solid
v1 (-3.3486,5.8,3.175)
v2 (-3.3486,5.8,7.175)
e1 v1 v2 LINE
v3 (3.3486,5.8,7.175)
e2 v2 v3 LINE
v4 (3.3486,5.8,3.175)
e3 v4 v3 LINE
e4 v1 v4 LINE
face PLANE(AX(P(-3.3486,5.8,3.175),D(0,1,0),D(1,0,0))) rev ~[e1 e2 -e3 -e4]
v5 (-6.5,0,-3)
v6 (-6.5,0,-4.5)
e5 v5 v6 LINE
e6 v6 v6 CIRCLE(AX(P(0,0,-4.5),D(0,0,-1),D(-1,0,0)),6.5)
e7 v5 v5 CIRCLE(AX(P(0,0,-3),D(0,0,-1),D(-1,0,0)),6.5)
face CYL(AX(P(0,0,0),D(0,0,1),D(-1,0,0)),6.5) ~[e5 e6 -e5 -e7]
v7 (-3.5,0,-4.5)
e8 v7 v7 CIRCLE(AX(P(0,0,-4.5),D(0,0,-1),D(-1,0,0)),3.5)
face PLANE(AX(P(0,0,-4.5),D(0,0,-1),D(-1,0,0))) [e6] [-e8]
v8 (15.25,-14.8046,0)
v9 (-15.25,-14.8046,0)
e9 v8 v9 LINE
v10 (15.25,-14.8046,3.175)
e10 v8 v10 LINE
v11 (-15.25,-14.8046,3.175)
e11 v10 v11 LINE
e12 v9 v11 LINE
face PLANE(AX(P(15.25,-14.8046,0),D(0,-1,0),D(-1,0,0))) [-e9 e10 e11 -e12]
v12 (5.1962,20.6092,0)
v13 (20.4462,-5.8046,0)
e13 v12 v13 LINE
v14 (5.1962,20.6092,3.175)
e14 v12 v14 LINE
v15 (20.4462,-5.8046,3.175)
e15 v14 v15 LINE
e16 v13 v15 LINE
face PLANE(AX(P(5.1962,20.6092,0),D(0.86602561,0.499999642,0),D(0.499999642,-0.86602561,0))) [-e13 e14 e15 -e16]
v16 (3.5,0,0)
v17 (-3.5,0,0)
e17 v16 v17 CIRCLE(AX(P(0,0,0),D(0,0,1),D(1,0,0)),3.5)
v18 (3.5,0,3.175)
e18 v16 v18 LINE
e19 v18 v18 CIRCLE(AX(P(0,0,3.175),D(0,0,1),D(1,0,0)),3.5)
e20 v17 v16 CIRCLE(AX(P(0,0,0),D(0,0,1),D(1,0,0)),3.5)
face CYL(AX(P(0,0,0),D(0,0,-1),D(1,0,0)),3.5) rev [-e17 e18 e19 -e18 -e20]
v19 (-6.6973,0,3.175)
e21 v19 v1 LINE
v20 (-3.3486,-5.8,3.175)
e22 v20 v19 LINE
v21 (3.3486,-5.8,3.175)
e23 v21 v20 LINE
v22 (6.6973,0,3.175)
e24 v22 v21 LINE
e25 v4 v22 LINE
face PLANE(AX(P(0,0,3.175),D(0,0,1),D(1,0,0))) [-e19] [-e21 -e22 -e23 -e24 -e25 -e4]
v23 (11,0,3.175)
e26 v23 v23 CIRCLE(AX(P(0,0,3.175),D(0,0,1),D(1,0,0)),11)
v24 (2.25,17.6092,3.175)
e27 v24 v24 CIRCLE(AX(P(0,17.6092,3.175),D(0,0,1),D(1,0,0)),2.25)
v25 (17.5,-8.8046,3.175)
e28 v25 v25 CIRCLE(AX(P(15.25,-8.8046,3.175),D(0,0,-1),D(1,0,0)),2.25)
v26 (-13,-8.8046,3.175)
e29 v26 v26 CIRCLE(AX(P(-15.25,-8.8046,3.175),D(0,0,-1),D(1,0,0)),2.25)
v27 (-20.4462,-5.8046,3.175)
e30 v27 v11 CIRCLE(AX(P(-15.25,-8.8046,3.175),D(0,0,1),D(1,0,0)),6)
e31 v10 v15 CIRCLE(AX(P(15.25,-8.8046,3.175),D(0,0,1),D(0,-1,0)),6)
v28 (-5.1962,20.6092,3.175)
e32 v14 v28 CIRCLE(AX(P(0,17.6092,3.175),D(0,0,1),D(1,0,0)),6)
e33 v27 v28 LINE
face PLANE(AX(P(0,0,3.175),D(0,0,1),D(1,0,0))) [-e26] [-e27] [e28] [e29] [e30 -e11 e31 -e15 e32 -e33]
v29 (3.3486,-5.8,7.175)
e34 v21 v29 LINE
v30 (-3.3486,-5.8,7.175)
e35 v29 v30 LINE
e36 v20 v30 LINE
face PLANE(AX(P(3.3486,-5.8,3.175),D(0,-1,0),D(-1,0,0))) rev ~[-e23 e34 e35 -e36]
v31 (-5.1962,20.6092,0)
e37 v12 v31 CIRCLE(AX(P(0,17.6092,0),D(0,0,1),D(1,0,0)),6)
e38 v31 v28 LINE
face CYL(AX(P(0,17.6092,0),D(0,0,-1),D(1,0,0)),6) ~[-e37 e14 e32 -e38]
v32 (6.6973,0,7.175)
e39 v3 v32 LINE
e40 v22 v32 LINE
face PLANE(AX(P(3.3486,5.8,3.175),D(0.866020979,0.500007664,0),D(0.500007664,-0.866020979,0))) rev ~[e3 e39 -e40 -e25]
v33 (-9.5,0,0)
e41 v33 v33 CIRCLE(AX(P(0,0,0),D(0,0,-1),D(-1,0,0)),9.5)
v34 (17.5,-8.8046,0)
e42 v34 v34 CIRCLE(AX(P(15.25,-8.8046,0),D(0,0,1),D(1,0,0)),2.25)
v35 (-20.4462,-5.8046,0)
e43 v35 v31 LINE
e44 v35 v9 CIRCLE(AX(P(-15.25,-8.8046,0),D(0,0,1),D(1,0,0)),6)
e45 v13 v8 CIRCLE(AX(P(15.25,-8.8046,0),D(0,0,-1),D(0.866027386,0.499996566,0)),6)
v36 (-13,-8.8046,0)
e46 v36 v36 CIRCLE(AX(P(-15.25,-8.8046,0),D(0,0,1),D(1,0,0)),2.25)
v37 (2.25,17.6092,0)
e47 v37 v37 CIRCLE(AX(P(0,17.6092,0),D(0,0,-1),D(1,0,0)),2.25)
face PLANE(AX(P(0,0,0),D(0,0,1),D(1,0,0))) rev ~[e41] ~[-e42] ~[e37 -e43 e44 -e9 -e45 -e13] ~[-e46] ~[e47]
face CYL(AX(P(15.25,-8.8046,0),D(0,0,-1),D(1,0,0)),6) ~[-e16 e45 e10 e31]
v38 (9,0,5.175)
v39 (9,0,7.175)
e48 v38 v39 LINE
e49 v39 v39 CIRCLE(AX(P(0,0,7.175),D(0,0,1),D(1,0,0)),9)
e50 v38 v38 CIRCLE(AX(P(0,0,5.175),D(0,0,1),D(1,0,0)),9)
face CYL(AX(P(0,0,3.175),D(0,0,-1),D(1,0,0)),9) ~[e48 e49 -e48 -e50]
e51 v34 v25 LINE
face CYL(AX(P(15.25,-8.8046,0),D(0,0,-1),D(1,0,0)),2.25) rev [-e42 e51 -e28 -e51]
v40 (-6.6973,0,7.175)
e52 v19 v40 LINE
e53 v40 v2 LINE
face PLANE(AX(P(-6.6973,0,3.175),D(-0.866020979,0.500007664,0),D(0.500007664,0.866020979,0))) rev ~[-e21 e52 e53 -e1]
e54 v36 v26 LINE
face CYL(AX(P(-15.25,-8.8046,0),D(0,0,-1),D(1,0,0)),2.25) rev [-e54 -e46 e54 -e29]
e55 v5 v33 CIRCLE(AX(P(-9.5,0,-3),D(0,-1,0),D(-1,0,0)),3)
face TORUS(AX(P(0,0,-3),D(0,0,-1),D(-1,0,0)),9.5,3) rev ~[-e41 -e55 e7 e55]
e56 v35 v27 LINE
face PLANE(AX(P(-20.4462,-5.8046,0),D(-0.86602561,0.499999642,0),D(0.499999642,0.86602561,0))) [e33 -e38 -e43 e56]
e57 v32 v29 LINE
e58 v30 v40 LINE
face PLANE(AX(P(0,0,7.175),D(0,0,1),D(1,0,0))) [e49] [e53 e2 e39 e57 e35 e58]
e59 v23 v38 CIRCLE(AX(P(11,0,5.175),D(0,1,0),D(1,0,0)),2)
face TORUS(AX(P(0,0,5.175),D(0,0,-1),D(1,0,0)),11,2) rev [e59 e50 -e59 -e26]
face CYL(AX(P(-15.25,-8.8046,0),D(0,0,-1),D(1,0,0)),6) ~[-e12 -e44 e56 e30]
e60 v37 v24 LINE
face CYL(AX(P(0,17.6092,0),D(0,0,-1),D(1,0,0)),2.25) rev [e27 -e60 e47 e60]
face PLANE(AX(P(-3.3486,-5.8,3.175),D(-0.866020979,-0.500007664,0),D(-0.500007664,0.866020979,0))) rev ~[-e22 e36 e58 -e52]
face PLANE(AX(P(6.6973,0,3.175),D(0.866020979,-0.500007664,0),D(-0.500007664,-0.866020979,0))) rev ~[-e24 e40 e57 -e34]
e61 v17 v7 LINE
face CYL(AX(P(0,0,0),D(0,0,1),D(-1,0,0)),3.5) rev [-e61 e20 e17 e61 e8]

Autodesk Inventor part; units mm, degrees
ref_plane "YZ Plane" through (0, 0, 0) normal (1, 0, 0) x (0, 1, 0)
ref_plane "XZ Plane" through (0, 0, 0) normal (0, 1, 0) x (-1, 0, 0)
ref_plane "XY Plane" through (0, 0, 0) normal (0, 0, 1) x (1, 0, 0)
sketch "Sketch1" plane through (0, 0, 0) normal (0, 0, 1) x (1, 0, 0)
  line L0 (0, 17.6092) -> (15.25, -8.8046)
  line L1 (15.25, -8.8046) -> (-15.25, -8.8046)
  line L2 (-15.25, -8.8046) -> (0, 17.6092)
  circle A0 centre (-15.25, -8.8046) radius 2.25
  circle A1 centre (15.25, -8.8046) radius 2.25
  circle A2 centre (0, 17.6092) radius 2.25
  circle A3 centre (0, 0) radius 3.5
  circle A4 centre (-15.25, -8.8046) radius 6
  circle A5 centre (15.25, -8.8046) radius 6
  circle A6 centre (0, 17.6092) radius 6
  line L3 (5.1962, 20.6092) -> (20.4462, -5.8046)
  line L4 (15.25, -14.8046) -> (-15.25, -14.8046)
  line L5 (-20.4462, -5.8046) -> (-5.1962, 20.6092)
  dimension "d7" = 30.5
  dimension "d8" = 4.5
  dimension "d11" = 360
  dimension "d13" = 7
  dimension "d14" = 12
  dimension "d17" = 360
  dimension "d19" = 6
extrude "Extrusion1" add sketch "Sketch1" along normal blind 3.175 contours A2 L2 A6 L0 | L0 A6 L2 A2 | A6 L3 A5 L0 | L0 A5 L1 A4 L2 A6 | L2 A4 L5 A6 | A5 L1 A1 L0 | L0 A1 L1 A5 | A4 L1 A0 L2 | L2 A0 L1 A4 | A5 L4 A4 L1
sketch "Sketch2" plane through (0, 0, 0) normal (0, 0, -1) x (-1, 0, 0)
  circle A0 centre (0, 0) radius 3.5 projected
  circle A1 centre (0, 0) radius 6.5
  circle A2 centre (0, 0) radius 3.5
  dimension "d22" = 13
extrude "Extrusion2" add sketch "Sketch2" along normal blind 4.5
fillet "Fillet1" radius 3 1 edges at (6.5, 0, 0)
sketch "Sketch3" plane through (0, 0, 3.175) normal (0, 0, 1) x (1, 0, 0)
  circle A0 centre (0, 0) radius 3.5 projected
  line L0 (6.6973, 0) -> (3.3486, -5.8)
  line L1 (3.3486, -5.8) -> (-3.3486, -5.8)
  line L2 (-3.3486, -5.8) -> (-6.6973, 0)
  line L3 (-6.6973, 0) -> (-3.3486, 5.8)
  line L4 (-3.3486, 5.8) -> (3.3486, 5.8)
  line L5 (3.3486, 5.8) -> (6.6973, 0)
  circle A1 centre (0, 0) radius 9
  dimension "d26" = 11.6
  dimension "d27" = 18
extrude "Extrusion3" add sketch "Sketch3" along normal blind 4 contours A1
fillet "Fillet2" radius 2 1 edges at (-9, 0, 3.175)
properties part number "triangle_1"
